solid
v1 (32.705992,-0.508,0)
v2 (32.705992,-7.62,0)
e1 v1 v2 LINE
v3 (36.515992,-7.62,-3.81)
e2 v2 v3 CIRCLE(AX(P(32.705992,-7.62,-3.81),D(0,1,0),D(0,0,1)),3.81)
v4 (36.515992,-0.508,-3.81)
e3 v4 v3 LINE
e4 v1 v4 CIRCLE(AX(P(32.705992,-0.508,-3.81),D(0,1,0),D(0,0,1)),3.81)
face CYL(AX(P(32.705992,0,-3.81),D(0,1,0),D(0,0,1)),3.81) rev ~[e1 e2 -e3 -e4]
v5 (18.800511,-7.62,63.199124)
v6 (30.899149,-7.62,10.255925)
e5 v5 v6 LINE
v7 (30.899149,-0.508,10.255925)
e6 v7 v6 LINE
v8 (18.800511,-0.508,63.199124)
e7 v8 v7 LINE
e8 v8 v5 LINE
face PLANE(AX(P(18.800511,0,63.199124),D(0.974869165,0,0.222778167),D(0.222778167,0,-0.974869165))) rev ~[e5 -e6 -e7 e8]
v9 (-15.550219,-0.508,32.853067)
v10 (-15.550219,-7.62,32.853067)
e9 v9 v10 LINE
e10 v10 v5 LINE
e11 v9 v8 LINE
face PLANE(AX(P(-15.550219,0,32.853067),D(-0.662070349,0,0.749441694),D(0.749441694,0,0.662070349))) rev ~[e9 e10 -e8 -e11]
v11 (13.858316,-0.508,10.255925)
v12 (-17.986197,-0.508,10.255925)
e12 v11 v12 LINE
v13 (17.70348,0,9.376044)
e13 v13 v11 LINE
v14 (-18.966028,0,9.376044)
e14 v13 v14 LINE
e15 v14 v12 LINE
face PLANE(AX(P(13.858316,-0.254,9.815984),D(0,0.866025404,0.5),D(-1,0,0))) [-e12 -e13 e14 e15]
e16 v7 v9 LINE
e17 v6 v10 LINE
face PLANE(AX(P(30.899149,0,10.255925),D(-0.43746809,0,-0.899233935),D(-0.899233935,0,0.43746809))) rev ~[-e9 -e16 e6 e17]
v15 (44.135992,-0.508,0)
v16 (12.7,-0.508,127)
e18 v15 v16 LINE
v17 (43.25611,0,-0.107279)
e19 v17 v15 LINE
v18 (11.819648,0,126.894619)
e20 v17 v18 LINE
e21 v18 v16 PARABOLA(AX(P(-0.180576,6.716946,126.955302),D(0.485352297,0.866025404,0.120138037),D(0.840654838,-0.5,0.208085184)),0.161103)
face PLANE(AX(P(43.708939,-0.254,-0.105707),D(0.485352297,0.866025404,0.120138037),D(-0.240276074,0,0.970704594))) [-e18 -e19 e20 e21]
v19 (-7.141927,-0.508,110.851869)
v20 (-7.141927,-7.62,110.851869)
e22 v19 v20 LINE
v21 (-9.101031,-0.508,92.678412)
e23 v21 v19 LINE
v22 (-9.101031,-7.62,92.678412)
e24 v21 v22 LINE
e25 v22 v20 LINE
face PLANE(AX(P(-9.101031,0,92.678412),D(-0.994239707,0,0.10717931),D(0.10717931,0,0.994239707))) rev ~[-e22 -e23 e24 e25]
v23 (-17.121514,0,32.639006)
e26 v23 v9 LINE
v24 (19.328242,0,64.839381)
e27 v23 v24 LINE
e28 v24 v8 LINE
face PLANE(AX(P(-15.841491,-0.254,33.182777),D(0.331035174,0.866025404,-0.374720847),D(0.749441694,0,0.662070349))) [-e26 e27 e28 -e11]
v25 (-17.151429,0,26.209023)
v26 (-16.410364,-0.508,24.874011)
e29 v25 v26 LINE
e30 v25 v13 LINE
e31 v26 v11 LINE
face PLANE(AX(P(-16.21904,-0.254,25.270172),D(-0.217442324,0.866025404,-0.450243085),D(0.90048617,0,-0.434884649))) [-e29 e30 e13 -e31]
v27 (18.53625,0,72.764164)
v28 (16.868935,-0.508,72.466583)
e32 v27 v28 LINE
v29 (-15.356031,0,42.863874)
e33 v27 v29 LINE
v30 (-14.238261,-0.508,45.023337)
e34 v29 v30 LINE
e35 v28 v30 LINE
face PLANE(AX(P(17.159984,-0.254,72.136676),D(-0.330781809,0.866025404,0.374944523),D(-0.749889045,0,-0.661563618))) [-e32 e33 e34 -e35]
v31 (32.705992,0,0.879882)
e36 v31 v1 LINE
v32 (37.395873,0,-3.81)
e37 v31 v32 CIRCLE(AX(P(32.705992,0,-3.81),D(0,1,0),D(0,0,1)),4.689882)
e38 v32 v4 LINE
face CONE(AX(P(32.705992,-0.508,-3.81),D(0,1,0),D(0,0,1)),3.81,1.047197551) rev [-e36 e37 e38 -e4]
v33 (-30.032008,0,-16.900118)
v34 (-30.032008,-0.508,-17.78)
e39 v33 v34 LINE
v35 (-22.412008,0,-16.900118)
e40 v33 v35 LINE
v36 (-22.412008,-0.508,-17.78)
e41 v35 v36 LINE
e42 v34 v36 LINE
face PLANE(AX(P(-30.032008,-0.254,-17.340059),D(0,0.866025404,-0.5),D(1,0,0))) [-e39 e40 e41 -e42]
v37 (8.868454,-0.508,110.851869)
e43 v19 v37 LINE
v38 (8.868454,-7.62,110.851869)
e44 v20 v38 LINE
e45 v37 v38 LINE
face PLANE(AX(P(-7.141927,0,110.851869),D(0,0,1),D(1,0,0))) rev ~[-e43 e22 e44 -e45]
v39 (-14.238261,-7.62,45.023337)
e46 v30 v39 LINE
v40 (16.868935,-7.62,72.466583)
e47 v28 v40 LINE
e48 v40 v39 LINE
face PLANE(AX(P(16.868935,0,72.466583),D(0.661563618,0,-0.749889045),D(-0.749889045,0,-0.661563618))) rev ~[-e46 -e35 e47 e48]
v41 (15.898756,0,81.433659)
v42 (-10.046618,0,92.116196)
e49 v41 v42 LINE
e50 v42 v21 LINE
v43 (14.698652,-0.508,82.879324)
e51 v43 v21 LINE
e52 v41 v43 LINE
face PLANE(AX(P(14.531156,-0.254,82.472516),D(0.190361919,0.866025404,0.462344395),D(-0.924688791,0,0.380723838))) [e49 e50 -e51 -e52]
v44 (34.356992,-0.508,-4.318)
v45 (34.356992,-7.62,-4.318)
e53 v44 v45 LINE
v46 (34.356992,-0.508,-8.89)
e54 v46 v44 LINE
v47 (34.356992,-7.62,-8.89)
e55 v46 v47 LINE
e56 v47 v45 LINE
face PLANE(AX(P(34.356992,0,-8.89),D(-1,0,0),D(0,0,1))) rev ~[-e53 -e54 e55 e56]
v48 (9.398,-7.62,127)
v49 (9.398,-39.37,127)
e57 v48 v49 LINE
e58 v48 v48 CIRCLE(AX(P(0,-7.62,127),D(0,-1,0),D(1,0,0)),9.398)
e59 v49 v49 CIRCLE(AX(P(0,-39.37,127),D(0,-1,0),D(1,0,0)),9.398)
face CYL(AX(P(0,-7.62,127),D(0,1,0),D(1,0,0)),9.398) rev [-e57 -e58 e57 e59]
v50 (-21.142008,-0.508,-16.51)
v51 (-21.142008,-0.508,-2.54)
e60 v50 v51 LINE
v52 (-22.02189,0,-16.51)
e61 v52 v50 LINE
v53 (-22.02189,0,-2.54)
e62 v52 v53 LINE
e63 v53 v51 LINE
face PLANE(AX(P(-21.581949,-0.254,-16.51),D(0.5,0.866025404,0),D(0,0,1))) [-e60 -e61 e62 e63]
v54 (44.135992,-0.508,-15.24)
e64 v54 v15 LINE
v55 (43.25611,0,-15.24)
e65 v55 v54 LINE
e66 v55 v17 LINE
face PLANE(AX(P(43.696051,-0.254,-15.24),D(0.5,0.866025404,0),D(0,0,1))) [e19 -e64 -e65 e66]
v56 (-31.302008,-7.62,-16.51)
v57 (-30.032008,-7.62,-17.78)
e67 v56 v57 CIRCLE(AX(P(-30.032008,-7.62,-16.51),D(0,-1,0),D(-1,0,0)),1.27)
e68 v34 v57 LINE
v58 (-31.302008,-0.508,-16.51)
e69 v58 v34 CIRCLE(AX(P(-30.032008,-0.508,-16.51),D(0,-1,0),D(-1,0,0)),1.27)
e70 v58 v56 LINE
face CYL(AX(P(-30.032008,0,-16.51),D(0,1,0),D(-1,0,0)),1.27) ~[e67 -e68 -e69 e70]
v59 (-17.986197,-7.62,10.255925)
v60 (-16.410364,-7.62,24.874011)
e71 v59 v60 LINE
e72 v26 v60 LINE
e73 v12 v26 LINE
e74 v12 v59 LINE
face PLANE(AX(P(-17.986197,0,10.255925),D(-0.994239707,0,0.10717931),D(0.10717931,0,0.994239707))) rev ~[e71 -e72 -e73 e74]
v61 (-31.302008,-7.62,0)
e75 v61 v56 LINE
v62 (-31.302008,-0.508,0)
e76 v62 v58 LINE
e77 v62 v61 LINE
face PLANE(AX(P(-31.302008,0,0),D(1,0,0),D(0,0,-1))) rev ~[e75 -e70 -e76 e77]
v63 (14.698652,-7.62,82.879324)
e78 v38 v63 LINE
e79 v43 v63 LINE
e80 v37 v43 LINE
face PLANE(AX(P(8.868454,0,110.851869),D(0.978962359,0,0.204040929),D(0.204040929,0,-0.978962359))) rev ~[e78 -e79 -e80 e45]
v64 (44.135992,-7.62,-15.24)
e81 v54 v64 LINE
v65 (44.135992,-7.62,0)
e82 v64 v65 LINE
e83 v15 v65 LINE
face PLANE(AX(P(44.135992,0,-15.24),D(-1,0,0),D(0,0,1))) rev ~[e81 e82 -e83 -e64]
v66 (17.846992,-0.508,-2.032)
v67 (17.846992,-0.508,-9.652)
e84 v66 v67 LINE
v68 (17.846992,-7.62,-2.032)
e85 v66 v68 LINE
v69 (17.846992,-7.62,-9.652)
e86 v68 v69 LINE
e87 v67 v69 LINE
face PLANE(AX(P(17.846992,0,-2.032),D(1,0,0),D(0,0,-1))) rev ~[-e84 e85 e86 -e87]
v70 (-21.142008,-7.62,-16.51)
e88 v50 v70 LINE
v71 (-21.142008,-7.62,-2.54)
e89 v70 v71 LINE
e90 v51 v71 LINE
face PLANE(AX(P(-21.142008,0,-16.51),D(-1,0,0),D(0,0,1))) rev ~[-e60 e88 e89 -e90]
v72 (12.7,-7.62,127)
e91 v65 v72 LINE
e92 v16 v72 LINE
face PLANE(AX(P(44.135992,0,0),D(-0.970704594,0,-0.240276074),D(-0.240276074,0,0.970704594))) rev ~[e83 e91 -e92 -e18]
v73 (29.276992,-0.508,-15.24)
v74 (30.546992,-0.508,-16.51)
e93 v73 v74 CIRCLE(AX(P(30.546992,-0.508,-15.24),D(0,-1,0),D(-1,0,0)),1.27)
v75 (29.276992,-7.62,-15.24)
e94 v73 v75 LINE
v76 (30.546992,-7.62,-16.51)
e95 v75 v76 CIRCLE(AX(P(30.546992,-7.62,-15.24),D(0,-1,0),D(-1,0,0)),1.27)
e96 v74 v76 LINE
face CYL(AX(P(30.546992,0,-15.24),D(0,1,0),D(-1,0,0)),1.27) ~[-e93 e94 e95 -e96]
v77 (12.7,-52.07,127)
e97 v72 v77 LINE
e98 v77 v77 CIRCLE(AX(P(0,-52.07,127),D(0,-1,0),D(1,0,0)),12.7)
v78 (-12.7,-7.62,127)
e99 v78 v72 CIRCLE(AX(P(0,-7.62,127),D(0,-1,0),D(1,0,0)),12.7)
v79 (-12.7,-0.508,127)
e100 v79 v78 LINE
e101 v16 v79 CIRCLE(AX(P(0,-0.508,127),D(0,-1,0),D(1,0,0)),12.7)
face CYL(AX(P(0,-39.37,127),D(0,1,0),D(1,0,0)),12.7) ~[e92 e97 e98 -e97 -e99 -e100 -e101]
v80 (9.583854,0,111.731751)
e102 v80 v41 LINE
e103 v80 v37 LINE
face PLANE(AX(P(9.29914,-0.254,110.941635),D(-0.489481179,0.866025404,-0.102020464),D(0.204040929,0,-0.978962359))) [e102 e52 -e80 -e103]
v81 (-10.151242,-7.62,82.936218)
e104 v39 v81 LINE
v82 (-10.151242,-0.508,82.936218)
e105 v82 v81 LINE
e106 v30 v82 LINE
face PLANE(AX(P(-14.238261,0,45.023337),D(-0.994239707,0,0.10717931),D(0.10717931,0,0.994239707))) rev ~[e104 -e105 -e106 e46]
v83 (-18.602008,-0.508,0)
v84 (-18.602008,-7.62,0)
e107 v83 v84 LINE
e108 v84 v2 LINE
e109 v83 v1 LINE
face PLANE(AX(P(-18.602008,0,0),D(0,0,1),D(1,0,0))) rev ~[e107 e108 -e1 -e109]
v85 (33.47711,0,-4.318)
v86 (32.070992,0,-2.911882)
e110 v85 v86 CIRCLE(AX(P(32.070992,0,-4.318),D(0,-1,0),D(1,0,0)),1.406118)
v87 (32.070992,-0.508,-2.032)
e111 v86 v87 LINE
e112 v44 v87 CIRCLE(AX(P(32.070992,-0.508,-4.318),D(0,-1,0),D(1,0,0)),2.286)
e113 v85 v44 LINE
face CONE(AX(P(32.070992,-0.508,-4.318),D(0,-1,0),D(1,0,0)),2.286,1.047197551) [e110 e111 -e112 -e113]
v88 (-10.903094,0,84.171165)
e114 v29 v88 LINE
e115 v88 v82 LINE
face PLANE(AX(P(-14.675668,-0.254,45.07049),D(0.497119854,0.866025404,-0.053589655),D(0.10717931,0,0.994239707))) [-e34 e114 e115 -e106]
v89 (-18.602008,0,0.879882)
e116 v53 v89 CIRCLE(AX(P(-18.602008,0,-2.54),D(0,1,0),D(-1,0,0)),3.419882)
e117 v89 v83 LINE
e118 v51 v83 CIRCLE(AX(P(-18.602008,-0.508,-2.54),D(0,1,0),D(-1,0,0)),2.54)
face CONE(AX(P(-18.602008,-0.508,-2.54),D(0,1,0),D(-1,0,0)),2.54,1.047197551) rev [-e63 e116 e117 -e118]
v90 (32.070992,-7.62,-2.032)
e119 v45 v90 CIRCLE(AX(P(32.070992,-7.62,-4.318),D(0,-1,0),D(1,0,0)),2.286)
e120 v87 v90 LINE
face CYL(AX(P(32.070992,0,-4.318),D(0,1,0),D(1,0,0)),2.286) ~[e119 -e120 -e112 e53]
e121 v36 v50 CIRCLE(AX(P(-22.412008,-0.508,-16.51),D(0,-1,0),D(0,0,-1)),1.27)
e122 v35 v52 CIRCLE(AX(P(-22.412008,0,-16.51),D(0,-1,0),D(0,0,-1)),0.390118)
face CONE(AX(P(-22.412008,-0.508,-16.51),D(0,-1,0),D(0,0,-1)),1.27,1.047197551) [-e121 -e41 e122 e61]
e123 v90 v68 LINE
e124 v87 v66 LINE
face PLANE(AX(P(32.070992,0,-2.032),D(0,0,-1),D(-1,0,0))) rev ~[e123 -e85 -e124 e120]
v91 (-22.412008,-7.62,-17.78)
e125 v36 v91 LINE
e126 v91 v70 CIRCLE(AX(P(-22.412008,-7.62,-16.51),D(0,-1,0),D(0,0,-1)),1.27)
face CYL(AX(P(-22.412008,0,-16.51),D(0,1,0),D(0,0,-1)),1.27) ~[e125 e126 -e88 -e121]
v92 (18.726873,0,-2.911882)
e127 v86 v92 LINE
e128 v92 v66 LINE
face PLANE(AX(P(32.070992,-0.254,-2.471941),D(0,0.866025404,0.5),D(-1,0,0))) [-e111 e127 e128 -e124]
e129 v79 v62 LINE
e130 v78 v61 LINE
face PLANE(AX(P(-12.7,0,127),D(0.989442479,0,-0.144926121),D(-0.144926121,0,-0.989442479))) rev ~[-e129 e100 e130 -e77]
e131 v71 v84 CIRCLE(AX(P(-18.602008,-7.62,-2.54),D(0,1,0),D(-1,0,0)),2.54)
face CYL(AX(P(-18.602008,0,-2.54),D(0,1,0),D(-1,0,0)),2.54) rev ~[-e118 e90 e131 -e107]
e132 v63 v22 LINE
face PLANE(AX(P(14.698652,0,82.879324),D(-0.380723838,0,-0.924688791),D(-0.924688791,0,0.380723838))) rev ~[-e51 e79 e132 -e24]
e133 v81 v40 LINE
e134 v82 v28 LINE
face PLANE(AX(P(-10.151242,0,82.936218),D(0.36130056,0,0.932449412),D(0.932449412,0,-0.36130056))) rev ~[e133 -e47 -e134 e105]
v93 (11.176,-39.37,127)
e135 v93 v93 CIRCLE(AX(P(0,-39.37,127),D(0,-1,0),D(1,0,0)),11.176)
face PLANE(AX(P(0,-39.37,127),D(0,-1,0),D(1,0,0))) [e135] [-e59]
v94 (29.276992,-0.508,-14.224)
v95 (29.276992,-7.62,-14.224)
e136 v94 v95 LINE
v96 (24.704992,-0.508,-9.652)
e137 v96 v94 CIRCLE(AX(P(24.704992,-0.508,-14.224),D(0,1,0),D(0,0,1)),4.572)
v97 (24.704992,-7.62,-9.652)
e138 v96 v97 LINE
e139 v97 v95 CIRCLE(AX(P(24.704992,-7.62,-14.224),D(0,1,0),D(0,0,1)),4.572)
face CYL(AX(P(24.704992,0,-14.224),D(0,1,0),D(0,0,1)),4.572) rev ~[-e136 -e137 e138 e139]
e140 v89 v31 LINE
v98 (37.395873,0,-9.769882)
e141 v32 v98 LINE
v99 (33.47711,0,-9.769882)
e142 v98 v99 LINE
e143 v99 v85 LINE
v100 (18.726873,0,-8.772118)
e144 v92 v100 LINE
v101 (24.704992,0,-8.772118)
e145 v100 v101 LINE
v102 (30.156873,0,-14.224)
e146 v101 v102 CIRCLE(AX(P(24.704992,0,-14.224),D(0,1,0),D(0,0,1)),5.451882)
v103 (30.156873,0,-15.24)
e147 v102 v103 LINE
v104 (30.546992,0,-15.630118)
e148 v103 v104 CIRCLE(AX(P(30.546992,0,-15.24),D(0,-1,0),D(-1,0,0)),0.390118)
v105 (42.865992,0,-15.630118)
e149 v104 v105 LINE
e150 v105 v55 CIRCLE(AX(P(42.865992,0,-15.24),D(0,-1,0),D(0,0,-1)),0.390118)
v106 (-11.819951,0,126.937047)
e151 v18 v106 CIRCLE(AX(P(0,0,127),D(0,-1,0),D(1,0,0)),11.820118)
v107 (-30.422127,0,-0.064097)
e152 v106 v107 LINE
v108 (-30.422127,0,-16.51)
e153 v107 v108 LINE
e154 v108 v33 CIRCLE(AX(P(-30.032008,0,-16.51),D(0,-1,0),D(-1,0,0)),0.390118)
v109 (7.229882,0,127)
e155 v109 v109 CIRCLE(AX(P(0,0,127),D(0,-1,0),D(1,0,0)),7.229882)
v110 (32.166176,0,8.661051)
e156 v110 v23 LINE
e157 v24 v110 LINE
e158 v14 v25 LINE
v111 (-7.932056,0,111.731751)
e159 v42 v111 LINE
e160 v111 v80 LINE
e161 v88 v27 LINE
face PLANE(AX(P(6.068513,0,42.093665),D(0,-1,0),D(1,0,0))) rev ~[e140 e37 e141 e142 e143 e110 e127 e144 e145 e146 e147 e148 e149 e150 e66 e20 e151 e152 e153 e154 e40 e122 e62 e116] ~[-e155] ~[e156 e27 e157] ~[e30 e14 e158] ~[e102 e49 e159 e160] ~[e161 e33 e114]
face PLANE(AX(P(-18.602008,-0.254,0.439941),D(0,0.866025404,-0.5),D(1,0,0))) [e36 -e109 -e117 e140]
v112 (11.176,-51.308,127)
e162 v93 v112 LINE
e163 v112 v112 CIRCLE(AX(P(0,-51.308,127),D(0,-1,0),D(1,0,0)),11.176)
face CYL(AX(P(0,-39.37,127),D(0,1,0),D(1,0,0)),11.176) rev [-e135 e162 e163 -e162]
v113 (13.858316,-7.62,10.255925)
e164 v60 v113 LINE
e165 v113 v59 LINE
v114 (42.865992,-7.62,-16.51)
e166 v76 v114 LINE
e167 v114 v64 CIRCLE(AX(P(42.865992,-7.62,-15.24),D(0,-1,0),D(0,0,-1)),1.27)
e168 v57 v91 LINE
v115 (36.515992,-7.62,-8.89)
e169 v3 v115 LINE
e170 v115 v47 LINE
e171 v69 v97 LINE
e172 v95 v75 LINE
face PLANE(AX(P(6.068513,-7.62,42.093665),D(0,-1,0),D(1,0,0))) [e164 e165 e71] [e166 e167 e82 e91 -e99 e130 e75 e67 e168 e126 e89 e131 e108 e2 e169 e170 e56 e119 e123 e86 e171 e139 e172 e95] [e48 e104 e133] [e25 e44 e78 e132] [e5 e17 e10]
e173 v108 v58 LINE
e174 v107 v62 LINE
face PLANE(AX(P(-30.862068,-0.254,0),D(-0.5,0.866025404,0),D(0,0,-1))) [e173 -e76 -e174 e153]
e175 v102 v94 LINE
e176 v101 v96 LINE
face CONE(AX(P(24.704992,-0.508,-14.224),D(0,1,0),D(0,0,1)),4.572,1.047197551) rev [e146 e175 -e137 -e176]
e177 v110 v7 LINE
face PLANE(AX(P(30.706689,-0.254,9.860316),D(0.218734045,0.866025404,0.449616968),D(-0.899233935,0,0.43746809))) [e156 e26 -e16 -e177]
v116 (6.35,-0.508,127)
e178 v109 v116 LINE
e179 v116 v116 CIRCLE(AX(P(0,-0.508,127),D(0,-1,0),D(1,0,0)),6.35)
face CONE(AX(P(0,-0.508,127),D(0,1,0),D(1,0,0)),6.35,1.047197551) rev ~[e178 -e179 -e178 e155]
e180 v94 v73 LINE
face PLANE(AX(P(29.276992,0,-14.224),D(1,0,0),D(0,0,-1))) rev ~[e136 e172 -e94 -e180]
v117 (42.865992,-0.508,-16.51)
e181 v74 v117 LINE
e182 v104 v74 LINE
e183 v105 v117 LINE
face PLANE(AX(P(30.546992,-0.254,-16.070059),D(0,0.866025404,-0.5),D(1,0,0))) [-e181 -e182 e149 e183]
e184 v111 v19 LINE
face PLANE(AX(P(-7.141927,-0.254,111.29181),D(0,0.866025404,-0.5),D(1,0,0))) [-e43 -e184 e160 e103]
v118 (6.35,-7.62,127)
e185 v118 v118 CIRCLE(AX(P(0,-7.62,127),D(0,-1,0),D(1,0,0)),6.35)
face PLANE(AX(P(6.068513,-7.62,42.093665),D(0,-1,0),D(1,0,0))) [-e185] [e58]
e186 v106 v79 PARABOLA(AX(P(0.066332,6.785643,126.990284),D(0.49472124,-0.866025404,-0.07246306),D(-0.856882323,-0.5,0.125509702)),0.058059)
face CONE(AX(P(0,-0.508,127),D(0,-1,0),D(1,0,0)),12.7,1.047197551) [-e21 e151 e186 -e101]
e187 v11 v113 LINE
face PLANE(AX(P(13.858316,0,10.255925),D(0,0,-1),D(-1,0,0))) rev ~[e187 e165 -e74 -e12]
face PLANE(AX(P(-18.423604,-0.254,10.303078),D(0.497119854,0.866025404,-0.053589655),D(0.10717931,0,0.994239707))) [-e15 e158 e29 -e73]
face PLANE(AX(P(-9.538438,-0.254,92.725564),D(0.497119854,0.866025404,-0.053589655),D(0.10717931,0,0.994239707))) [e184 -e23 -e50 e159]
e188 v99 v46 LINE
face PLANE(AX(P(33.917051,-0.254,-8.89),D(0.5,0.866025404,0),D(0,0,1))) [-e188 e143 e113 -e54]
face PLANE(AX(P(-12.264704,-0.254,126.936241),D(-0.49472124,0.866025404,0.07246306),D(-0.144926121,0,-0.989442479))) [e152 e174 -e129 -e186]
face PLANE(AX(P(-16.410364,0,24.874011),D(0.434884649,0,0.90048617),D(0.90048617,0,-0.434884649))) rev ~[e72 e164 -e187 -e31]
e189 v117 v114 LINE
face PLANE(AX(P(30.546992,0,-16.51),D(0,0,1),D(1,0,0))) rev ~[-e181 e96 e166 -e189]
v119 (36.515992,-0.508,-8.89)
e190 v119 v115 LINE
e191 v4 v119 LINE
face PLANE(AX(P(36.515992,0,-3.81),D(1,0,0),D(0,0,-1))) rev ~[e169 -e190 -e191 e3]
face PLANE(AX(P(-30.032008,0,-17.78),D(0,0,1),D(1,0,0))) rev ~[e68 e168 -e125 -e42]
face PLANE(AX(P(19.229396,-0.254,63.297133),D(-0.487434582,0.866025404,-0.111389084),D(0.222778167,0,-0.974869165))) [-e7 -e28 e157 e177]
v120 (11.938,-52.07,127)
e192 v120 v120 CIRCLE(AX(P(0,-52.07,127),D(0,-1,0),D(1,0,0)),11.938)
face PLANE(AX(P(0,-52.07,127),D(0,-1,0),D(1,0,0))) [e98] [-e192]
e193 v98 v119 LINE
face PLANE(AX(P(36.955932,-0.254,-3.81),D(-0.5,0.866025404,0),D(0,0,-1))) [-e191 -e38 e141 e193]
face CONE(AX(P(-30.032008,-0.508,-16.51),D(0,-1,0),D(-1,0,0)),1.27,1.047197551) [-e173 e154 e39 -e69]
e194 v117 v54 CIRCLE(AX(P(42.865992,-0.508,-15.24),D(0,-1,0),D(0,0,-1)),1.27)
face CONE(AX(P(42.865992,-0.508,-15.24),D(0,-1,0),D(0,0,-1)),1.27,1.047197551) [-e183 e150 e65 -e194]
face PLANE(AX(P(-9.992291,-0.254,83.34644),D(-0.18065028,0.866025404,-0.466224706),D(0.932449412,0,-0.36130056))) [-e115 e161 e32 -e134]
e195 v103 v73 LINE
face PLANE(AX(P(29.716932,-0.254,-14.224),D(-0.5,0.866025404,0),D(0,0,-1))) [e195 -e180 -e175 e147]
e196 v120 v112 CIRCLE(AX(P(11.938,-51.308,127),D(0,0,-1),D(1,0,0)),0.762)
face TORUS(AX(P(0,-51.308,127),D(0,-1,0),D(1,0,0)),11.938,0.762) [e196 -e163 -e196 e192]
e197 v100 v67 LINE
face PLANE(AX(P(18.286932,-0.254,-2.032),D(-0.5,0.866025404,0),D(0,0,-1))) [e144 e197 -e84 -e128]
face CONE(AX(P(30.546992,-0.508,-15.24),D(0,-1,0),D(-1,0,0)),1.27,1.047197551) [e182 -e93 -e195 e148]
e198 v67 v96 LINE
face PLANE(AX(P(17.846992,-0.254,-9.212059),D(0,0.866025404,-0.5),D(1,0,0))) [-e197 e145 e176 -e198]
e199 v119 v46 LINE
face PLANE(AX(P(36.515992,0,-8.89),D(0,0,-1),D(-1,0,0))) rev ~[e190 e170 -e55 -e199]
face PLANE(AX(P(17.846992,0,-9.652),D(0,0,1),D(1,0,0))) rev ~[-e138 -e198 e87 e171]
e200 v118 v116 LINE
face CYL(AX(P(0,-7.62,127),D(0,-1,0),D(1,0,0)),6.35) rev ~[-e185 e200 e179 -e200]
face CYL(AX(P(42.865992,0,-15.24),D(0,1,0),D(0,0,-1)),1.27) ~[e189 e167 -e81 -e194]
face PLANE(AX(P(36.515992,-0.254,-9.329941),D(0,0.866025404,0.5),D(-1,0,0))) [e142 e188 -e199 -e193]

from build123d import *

# Parameters (mm, degrees)
F1_DEPTH = 7.62
F2_R     = 12.7
F2_R_2   = 9.398
F3_DEPTH = 31.75
F4_R     = 12.7
F4_R_2   = 11.176
F5_DEPTH = 12.7
F6_R     = 6.35
F7_DEPTH = 25.4
F8_R     = 0.762
F9_SIZE2 = 0.508
F9_SIZE  = 0.8798818102


with BuildPart() as f1:
    # F0 (on Front) → F1 (new body)
    with BuildSketch(Plane.XZ):
        with BuildLine():
            ThreePointArc((-21.1420084076, -2.54), (-20.3980596318, -0.7439487758), (-18.6020084076, 0))
            Line((-18.6020084076, 0), (32.7059915924, 0))
            ThreePointArc((32.7059915924, 0), (35.4000684287, -1.1159231637), (36.5159915924, -3.81))
            Line((36.5159915924, -3.81), (36.5159915924, -8.89))
            Line((36.5159915924, -8.89), (34.3569915924, -8.89))
            Line((34.3569915924, -8.89), (34.3569915924, -4.318))
            ThreePointArc((34.3569915924, -4.318), (33.6874376942, -2.7015538982), (32.0709915924, -2.032))
            Line((32.0709915924, -2.032), (29.2769915924, -2.032))
            Line((29.2769915924, -2.032), (17.8469915924, -2.032))
            Line((17.8469915924, -2.032), (17.8469915924, -9.652))
            Line((17.8469915924, -9.652), (24.7049915924, -9.652))
            ThreePointArc((24.7049915924, -9.652), (27.937883796, -10.9911077964), (29.2769915924, -14.224))
            Line((29.2769915924, -14.224), (29.2769915924, -15.24))
            ThreePointArc((29.2769915924, -15.24), (29.6489659803, -16.1380256121), (30.5469915924, -16.51))
            Line((30.5469915924, -16.51), (42.8659915924, -16.51))
            ThreePointArc((42.8659915924, -16.51), (43.7640172045, -16.1380256121), (44.1359915924, -15.24))
            Line((44.1359915924, -15.24), (44.1359915924, 0))
            Line((44.1359915924, 0), (12.7, 127))
            ThreePointArc((12.7, 127), (0, 139.7), (-12.7, 127))
            Line((-12.7, 127), (-31.3020084076, 0))
            Line((-31.3020084076, 0), (-31.3020084076, -16.51))
            ThreePointArc((-31.3020084076, -16.51), (-30.9300340197, -17.4080256121), (-30.0320084076, -17.78))
            Line((-30.0320084076, -17.78), (-22.4120084076, -17.78))
            ThreePointArc((-22.4120084076, -17.78), (-21.5139827955, -17.4080256121), (-21.1420084076, -16.51))
            Line((-21.1420084076, -16.51), (-21.1420084076, -2.54))
        make_face()
        Polygon((13.8583155349, 10.2559253573), (-17.4904800951, 10.2559253573), (-17.9861974368, 10.2559253573), (-16.4103638381, 24.8740110546), align=None, mode=Mode.SUBTRACT)
        Polygon((30.8991490559, 10.2559253573), (-15.5502194539, 32.8530669212), (18.8005114427, 63.1991239488), align=None, mode=Mode.SUBTRACT)
        Polygon((16.8689347681, 72.4665825348), (-14.2382610105, 45.0233372929), (-10.1512422372, 82.9362176403), align=None, mode=Mode.SUBTRACT)
        Polygon((-7.1419274588, 110.8518689871), (8.8684540242, 110.8518689871), (14.6986516415, 82.8793242388), (-9.1010310551, 92.6784119132), align=None, mode=Mode.SUBTRACT)
    extrude(amount=F1_DEPTH)

    # F2 (on face) → F3 (join)
    with BuildSketch(Plane.XZ.offset(7.62)):
        with Locations((0, 127)):
            Circle(F2_R)
        with Locations((0, 127)):
            Circle(F2_R_2, mode=Mode.SUBTRACT)
    extrude(amount=F3_DEPTH)

    # F4 (on face) → F5 (join)
    with BuildSketch(Plane.XZ.offset(39.37)):
        with Locations((0, 127)):
            Circle(F4_R)
        with Locations((0, 127)):
            Circle(F4_R_2, mode=Mode.SUBTRACT)
    extrude(amount=F5_DEPTH)

    # F6 (on face) → F7 (cut)
    with BuildSketch(Plane.XZ.offset(7.62)):
        with Locations((0, 127)):
            Circle(F6_R)
    extrude(amount=-F7_DEPTH, mode=Mode.SUBTRACT)

    # F8
    f8_edges = [f1.edges().sort_by_distance(p)[0] for p in [
        (-11.176, -52.07, 127),
    ]]
    fillet(f8_edges, radius=F8_R)

    # F9
    f9_edges = [f1.edges().sort_by_distance(p)[0] for p in [
        (-31.302008, 0, -8.255),
        (-22.001004, 0, 63.5),
        (-30.930034, 0, -17.408026),
        (0, 0, 139.7),
        (-26.222008, 0, -17.78),
        (28.417996, 0, 63.5),
        (-21.513983, 0, -17.408026),
        (44.135992, 0, -7.62),
        (-21.142008, 0, -9.525),
        (43.764017, 0, -16.138026),
        (-20.39806, 0, -0.743949),
        (36.706492, 0, -16.51),
        (7.051992, 0, 0),
        (29.648966, 0, -16.138026),
        (35.400068, 0, -1.115923),
        (29.276992, 0, -14.732),
        (36.515992, 0, -6.35),
        (27.937884, 0, -10.991108),
        (35.436492, 0, -8.89),
        (21.275992, 0, -9.652),
        (34.356992, 0, -6.604),
        (17.846992, 0, -5.842),
        (33.687438, 0, -2.701554),
        (24.958992, 0, -2.032),
        (-17.198281, 0, 17.564968),
        (-2.063941, 0, 10.255925),
        (-1.276024, 0, 17.564968),
        (1.315337, 0, 58.74496),
        (3.358846, 0, 77.7014),
        (-12.194752, 0, 63.979777),
        (24.84983, 0, 36.727525),
        (1.625146, 0, 48.026095),
        (7.674465, 0, 21.554496),
        (0.863263, 0, 110.851869),
        (-8.121479, 0, 101.76514),
        (11.783553, 0, 96.865597),
        (2.79881, 0, 87.778868),
        (-6.35, 0, 127),
    ]]
    f9_side = f1.faces().sort_by_distance((-29.555846, 0, -8.255))[0]
    chamfer(f9_edges, length=F9_SIZE, length2=F9_SIZE2, reference=f9_side)


solid = f1.part
